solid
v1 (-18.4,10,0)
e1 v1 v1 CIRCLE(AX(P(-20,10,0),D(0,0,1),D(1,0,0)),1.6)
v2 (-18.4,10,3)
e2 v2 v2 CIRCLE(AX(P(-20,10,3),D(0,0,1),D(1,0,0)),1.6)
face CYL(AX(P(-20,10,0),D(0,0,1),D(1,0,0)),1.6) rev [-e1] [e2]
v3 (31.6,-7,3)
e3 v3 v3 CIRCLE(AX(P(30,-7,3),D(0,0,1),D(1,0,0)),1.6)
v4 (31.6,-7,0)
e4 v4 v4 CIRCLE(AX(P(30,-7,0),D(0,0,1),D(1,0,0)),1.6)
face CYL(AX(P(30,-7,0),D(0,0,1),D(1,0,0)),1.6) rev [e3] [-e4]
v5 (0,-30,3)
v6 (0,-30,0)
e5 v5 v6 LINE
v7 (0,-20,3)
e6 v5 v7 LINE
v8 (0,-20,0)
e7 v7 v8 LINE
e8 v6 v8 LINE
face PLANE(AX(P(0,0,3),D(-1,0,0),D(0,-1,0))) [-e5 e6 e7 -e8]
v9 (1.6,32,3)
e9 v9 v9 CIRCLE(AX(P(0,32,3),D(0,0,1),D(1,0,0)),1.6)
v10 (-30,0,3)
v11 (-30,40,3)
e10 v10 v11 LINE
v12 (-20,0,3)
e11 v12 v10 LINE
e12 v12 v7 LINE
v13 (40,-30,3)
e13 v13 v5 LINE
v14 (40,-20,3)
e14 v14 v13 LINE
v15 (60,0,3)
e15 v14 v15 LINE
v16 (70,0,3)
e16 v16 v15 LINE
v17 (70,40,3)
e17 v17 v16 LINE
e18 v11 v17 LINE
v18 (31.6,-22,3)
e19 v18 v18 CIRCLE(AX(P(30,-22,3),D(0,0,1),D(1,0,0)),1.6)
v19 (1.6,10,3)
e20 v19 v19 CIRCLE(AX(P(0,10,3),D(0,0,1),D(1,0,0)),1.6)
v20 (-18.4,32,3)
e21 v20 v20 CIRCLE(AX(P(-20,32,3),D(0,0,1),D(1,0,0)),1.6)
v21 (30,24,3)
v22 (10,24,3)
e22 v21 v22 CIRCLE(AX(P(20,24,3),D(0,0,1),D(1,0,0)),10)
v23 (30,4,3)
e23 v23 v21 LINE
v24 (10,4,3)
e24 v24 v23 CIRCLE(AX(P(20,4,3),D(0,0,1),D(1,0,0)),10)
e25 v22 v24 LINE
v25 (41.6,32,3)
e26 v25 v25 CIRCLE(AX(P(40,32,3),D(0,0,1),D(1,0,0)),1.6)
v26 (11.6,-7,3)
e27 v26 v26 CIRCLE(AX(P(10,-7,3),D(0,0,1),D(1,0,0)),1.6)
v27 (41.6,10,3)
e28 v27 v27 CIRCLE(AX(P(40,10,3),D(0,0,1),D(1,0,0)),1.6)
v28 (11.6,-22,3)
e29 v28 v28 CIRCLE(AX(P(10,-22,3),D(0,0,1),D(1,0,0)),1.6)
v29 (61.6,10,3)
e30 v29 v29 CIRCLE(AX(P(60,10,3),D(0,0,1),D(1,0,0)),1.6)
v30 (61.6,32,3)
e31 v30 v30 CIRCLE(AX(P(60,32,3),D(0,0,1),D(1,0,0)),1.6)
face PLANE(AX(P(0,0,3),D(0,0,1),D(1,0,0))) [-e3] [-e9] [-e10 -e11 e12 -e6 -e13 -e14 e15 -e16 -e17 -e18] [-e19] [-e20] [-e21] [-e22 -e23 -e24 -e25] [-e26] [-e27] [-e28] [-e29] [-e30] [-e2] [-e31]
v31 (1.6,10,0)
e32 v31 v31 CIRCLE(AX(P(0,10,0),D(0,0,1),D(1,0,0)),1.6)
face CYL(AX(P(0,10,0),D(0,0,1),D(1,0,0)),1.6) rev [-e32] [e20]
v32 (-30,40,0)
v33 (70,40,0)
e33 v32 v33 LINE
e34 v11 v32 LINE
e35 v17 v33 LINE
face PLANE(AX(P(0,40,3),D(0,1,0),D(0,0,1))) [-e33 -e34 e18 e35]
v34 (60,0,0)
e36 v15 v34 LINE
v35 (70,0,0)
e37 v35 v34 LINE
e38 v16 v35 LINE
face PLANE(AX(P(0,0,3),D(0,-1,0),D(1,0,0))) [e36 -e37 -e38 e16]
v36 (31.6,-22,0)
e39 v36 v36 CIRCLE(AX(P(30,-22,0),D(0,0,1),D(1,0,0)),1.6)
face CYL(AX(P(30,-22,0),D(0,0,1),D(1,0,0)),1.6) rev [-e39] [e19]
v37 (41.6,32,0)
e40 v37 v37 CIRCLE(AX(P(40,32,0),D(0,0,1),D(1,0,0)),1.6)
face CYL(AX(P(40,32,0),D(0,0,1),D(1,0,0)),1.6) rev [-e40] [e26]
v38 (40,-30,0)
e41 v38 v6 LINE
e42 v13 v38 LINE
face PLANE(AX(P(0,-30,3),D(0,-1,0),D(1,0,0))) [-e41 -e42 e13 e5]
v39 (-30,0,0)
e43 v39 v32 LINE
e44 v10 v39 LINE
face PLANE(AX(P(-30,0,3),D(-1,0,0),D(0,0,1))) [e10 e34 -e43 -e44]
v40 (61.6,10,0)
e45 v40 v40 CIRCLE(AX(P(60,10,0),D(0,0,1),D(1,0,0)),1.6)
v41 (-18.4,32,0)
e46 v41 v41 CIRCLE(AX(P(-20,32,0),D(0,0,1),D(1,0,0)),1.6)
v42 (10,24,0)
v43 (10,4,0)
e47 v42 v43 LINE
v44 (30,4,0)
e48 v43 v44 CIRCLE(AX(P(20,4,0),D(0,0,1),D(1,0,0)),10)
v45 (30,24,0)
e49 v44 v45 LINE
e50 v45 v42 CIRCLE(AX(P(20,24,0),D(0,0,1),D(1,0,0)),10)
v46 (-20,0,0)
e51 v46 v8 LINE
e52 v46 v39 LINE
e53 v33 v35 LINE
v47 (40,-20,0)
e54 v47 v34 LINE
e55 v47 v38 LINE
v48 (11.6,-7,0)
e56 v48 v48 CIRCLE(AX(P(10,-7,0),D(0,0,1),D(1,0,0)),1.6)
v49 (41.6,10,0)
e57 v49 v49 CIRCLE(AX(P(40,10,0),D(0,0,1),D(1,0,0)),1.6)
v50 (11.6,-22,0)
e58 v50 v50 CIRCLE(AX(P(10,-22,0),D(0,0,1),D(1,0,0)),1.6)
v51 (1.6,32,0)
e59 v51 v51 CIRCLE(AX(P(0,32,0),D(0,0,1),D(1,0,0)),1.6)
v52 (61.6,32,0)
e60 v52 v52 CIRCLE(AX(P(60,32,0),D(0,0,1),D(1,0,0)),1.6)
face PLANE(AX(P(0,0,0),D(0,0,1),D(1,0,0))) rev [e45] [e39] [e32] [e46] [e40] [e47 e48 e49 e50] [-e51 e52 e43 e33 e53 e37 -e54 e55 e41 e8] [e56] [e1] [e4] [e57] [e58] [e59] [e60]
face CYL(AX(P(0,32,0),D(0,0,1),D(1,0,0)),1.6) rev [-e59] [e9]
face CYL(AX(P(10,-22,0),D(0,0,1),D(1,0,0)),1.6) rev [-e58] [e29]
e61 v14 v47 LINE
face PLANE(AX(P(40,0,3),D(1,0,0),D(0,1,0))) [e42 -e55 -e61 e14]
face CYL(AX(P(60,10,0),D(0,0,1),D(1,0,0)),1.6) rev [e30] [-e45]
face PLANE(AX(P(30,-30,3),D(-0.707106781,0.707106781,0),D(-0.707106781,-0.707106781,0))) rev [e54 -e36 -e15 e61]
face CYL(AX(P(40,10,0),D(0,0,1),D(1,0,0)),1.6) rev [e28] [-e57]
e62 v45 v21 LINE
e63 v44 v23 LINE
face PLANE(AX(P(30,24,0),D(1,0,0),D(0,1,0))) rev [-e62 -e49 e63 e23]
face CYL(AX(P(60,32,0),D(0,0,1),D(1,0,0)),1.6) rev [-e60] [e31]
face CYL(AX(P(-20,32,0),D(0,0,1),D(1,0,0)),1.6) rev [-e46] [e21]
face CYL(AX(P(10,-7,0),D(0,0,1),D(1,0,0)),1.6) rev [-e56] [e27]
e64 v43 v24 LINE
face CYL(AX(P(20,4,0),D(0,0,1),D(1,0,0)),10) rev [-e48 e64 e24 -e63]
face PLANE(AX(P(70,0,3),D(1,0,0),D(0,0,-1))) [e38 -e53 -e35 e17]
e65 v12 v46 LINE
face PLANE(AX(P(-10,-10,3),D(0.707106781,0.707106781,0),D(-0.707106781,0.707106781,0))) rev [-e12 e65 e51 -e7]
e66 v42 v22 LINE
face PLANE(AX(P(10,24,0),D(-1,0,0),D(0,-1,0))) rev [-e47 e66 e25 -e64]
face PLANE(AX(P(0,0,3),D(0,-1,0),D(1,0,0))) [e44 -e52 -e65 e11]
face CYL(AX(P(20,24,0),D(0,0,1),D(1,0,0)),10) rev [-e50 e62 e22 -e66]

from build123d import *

# Parameters (mm, degrees)
EXTRUDE_1_DEPTH     = 3
SKETCH_2_R          = 1.6
CUT_EXTRUDE_1_DEPTH = 3
CUT_EXTRUDE_2_DEPTH = 81.678373806


with BuildPart() as part:
    # 草图1 → 凸台-拉伸1 (new body)
    with BuildSketch(Plane.XY):
        Polygon((-20, 0), (-30, 0), (-30, 40), (70, 40), (70, 0), (60, 0), (40, -20), (40, -30), (0, -30), (0, -20), align=None)
    extrude(amount=EXTRUDE_1_DEPTH)

    # 草图2 → 切除-拉伸1 (cut)
    with BuildSketch(Plane.XY.offset(3)):
        with Locations((10, -7)):
            Circle(SKETCH_2_R)
        with Locations((30, -7)):
            Circle(SKETCH_2_R)
        with Locations((10, -22)):
            Circle(SKETCH_2_R)
        with Locations((30, -22)):
            Circle(SKETCH_2_R)
        with Locations((-20, 10)):
            Circle(SKETCH_2_R)
        with Locations((-20, 32)):
            Circle(SKETCH_2_R)
        with Locations((0, 10)):
            Circle(SKETCH_2_R)
        with Locations((40, 10)):
            Circle(SKETCH_2_R)
        with Locations((60, 10)):
            Circle(SKETCH_2_R)
        with Locations((60, 32)):
            Circle(SKETCH_2_R)
        with Locations((40, 32)):
            Circle(SKETCH_2_R)
        with Locations((0, 32)):
            Circle(SKETCH_2_R)
    extrude(amount=-CUT_EXTRUDE_1_DEPTH, mode=Mode.SUBTRACT)

    # 草图3 → 切除-拉伸2 (cut, through all)
    with BuildSketch(Plane.XY.offset(3)):
        with BuildLine():
            Line((30, 24), (30, 4))
            ThreePointArc((30, 4), (20, -6), (10, 4))
            Line((10, 4), (10, 24))
            ThreePointArc((10, 24), (20, 34), (30, 24))
        make_face()
    extrude(amount=-CUT_EXTRUDE_2_DEPTH, mode=Mode.SUBTRACT)


solid = part.part
